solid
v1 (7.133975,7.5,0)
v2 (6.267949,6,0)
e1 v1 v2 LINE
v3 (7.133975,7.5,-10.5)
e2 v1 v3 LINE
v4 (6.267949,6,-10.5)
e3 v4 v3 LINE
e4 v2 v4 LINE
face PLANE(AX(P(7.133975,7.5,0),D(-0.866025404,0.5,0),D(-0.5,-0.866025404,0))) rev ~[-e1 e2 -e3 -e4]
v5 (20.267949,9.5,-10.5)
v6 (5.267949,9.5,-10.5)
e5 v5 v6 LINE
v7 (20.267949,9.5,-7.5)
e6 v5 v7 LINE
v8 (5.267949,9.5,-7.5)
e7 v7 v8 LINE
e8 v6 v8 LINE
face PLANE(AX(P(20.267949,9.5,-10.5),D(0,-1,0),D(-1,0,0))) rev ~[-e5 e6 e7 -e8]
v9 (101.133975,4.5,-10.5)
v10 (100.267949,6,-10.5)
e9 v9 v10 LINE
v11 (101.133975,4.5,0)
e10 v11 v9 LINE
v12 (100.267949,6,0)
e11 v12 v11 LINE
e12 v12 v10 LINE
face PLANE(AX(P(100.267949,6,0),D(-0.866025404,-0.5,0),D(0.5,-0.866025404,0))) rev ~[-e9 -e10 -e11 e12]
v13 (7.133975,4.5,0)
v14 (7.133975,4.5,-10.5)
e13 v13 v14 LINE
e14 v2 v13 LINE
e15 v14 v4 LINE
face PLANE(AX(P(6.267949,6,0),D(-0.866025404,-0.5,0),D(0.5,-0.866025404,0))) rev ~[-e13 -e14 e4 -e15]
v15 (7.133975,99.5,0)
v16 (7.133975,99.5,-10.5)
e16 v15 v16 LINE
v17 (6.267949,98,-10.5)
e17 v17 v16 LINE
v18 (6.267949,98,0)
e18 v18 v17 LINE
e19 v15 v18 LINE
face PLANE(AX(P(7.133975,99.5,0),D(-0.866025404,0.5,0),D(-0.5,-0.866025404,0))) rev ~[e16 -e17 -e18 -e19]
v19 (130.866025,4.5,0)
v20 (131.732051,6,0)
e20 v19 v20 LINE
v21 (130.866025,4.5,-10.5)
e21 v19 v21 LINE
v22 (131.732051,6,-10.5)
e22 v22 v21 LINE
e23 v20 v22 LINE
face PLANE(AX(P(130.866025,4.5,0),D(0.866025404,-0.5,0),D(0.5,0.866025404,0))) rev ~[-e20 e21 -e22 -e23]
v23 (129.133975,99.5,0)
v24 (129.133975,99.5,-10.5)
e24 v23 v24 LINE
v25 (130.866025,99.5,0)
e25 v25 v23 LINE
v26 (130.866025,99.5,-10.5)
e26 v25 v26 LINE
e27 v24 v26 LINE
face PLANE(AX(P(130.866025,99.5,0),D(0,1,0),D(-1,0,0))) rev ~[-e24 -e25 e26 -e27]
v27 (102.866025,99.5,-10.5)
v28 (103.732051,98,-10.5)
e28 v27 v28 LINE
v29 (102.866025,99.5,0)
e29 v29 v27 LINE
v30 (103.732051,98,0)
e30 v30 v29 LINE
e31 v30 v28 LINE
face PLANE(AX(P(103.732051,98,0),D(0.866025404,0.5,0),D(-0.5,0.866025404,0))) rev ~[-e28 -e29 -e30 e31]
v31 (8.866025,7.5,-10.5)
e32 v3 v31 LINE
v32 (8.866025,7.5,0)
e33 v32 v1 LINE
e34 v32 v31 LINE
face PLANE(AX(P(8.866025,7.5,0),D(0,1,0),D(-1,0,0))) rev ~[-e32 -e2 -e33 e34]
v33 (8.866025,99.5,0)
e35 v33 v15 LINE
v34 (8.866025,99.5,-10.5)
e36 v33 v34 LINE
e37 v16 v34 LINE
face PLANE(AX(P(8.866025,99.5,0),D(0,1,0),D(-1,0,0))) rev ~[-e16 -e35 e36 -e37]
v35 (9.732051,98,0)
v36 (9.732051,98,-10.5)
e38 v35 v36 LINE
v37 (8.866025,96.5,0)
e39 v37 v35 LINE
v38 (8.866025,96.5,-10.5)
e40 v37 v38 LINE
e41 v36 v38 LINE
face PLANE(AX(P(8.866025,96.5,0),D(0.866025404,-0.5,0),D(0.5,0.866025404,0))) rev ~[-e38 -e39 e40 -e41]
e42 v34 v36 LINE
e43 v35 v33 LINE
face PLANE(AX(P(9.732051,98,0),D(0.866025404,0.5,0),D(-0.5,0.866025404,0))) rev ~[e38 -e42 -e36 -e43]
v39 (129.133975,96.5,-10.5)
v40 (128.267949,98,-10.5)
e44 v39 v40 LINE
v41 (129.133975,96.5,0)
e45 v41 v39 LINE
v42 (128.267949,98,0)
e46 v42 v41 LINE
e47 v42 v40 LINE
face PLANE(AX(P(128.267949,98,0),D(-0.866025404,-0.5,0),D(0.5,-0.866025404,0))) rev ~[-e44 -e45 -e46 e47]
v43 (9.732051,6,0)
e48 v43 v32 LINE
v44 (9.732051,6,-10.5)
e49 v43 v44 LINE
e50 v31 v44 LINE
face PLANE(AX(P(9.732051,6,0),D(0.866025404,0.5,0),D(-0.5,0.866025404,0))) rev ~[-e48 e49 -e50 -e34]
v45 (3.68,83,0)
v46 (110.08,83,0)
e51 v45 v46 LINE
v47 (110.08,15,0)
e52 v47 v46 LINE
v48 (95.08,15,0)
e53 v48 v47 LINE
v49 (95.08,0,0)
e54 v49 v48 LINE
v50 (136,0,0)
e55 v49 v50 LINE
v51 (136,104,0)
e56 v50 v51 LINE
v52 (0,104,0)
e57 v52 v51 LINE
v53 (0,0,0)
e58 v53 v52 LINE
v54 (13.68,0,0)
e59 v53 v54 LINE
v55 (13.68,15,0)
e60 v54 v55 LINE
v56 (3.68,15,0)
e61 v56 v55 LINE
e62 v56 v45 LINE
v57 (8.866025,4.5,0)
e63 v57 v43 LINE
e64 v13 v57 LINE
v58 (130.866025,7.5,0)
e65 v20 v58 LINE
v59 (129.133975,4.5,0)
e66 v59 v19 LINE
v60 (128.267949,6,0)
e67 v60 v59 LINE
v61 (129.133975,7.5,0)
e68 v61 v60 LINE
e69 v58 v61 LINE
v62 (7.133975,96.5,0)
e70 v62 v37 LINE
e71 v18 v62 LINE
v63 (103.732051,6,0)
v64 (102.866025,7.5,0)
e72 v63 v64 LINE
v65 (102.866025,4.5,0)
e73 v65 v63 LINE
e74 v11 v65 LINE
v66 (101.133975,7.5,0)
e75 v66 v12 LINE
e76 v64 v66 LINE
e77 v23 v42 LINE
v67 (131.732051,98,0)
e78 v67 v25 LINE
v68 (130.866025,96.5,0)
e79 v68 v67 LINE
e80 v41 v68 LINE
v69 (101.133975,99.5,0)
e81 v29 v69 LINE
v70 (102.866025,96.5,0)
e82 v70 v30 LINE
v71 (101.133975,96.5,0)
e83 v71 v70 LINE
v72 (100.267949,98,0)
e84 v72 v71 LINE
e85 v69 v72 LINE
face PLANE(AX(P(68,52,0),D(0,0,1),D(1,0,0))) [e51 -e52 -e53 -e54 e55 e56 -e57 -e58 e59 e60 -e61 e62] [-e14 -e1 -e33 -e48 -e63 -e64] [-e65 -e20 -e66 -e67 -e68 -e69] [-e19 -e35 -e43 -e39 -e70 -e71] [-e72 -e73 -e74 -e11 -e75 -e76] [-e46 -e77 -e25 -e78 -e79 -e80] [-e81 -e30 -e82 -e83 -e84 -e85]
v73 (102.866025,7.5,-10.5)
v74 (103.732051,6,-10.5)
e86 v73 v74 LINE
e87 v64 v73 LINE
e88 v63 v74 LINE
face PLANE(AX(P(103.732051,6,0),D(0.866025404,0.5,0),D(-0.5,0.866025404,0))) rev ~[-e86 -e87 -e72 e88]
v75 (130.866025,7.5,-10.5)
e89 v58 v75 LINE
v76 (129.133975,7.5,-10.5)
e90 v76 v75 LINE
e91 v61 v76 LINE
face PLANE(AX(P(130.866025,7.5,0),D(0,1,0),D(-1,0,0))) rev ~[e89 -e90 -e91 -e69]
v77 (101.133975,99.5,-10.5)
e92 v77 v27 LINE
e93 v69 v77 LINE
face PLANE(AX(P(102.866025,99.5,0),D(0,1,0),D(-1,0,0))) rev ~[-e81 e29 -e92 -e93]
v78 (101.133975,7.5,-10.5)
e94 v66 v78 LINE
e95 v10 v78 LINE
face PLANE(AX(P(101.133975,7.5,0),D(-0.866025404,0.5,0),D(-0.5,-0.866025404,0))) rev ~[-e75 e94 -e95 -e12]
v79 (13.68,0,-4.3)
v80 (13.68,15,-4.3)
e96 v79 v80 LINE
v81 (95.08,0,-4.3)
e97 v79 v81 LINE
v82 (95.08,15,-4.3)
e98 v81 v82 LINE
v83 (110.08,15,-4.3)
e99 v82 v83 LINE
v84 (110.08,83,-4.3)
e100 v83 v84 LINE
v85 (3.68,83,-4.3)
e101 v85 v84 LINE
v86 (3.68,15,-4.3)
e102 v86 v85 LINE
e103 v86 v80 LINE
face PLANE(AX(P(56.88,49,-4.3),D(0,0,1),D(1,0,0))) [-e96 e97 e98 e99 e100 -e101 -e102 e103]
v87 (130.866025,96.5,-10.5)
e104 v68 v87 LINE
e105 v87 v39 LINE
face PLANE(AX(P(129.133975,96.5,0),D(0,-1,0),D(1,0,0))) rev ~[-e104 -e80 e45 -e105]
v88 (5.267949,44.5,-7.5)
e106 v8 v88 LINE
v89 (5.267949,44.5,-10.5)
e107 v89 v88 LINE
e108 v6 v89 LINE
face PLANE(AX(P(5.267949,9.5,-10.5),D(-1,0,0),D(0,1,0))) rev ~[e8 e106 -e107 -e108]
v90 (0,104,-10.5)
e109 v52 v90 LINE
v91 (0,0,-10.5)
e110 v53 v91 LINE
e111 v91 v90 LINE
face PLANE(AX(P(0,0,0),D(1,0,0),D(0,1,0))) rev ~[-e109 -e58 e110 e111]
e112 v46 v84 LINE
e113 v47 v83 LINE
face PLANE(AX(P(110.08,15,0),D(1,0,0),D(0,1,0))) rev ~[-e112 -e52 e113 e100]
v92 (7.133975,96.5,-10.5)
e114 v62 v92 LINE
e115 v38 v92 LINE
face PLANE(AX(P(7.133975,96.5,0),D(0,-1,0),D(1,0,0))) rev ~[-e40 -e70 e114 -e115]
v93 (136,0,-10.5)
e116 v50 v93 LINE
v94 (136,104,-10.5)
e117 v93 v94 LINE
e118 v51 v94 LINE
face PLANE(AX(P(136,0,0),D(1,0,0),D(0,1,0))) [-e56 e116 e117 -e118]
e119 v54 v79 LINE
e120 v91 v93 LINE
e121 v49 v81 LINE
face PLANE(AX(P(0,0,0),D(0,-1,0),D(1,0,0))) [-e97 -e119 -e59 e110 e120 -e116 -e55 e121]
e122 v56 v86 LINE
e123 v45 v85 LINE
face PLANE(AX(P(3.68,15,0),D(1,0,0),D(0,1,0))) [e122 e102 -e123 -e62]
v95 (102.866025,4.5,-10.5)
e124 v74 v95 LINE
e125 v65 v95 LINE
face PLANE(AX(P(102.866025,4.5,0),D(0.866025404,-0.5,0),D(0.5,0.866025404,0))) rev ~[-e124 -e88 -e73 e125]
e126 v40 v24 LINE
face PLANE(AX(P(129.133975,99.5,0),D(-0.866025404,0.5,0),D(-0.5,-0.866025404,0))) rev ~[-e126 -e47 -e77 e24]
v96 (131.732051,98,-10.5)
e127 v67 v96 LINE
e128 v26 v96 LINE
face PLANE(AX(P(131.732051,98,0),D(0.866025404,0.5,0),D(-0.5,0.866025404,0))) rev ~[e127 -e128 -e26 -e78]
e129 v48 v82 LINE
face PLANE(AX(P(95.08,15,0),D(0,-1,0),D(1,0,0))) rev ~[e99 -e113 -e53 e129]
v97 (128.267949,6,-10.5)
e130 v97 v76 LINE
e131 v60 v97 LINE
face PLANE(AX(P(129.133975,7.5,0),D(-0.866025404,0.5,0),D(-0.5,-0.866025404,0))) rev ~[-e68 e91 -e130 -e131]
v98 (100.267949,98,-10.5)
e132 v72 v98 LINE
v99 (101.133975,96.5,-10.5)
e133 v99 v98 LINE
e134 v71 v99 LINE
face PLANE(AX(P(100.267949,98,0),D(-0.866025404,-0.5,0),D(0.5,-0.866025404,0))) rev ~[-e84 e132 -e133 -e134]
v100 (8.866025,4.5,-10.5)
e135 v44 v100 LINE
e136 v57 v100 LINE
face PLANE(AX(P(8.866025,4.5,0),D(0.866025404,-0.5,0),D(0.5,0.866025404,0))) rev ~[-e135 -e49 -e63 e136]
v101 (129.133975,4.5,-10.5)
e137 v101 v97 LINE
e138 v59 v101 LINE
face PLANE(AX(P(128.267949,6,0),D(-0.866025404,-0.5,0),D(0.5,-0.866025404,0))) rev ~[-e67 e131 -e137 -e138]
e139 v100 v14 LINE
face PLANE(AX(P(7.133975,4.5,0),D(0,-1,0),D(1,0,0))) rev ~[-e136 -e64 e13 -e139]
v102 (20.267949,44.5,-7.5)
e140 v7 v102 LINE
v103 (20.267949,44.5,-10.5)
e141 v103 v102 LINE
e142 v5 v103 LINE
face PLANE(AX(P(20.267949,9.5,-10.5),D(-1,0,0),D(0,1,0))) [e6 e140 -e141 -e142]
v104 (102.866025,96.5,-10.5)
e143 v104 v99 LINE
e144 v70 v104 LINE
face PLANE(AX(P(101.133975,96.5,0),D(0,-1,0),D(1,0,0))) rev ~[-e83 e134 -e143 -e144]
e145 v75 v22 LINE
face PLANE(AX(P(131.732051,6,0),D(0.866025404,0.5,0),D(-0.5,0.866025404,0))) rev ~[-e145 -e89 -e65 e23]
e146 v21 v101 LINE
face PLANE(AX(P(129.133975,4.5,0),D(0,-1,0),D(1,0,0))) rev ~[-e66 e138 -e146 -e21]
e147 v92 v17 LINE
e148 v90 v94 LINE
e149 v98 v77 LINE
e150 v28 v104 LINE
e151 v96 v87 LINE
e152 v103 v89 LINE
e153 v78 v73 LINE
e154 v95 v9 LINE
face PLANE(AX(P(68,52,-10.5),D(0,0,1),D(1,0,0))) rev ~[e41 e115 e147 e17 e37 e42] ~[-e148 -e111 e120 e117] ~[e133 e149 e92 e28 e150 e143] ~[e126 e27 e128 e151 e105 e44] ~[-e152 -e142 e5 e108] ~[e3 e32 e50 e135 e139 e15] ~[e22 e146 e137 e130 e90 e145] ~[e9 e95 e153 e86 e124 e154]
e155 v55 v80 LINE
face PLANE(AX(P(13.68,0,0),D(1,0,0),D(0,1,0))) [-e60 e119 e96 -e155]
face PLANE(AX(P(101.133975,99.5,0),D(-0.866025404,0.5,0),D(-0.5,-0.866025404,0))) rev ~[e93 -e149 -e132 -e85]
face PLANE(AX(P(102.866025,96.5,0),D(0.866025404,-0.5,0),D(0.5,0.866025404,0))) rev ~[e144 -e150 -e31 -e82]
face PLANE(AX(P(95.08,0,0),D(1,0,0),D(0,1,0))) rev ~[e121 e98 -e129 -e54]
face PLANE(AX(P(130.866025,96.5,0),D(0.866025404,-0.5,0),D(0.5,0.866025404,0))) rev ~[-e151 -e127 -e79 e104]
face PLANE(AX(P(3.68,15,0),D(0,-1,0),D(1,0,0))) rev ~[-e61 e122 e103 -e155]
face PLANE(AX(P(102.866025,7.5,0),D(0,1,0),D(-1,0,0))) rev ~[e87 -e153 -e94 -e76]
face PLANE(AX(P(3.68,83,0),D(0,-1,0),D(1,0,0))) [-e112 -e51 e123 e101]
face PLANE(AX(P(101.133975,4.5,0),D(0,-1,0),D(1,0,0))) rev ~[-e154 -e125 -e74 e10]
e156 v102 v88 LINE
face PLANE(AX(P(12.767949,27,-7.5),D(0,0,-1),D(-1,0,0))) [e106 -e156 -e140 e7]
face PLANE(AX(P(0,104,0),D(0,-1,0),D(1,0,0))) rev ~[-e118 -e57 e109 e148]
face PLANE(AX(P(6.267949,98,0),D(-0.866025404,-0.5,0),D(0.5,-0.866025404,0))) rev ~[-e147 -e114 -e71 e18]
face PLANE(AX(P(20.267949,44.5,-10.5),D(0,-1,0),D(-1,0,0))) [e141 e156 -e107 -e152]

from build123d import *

# Parameters (mm, degrees)
SKETCH_1_W             = 136
SKETCH_1_H             = 104
EXTRUDE_1_DEPTH        = 10.5
CUT_EXTRUDE_1428_DEPTH = 4.3
CUT_EXTRUDE_1765_REACH = 173.529
SKETCH_4_W             = 15
SKETCH_4_H             = 35
CUT_EXTRUDE_3_DEPTH    = 3


with BuildPart() as part:
    # 草图1 → 凸台-拉伸1 (new body)
    with BuildSketch(Plane.XY):
        with Locations((68, 52)):
            Rectangle(SKETCH_1_W, SKETCH_1_H)
    extrude(amount=-EXTRUDE_1_DEPTH)

    # 草图1<3> → Cut-Extrude 1428 (cut)
    with BuildSketch(Plane.XY):
        Polygon((13.68, 15), (13.68, 0), (95.08, 0), (95.08, 15), (110.08, 15), (110.08, 83), (3.68, 83), (3.68, 15), align=None)
    extrude(amount=-CUT_EXTRUDE_1428_DEPTH, mode=Mode.SUBTRACT)

    # 草图1<5> → Cut-Extrude 1765 (cut, up to next)
    with BuildSketch(Plane.XY, mode=Mode.PRIVATE) as cut_extrude_1765_sk1:
        Polygon((8.866025404, 4.5), (9.732050808, 6), (8.866025404, 7.5), (7.133974596, 7.5), (6.267949192, 6), (7.133974596, 4.5), align=None)
    cut_extrude_1765_tool1 = extrude(cut_extrude_1765_sk1.sketch, amount=-CUT_EXTRUDE_1765_REACH, mode=Mode.PRIVATE) & part.part
    # 草图1<5> → Cut-Extrude 1765 (cut, up to next)
    with BuildSketch(Plane.XY, mode=Mode.PRIVATE) as cut_extrude_1765_sk2:
        Polygon((129.133974596, 7.5), (128.267949192, 6), (129.133974596, 4.5), (130.866025404, 4.5), (131.732050808, 6), (130.866025404, 7.5), align=None)
    cut_extrude_1765_tool2 = extrude(cut_extrude_1765_sk2.sketch, amount=-CUT_EXTRUDE_1765_REACH, mode=Mode.PRIVATE) & part.part
    # 草图1<5> → Cut-Extrude 1765 (cut, up to next)
    with BuildSketch(Plane.XY, mode=Mode.PRIVATE) as cut_extrude_1765_sk3:
        Polygon((130.866025404, 96.5), (131.732050808, 98), (130.866025404, 99.5), (129.133974596, 99.5), (128.267949192, 98), (129.133974596, 96.5), align=None)
    cut_extrude_1765_tool3 = extrude(cut_extrude_1765_sk3.sketch, amount=-CUT_EXTRUDE_1765_REACH, mode=Mode.PRIVATE) & part.part
    # 草图1<5> → Cut-Extrude 1765 (cut, up to next)
    with BuildSketch(Plane.XY, mode=Mode.PRIVATE) as cut_extrude_1765_sk4:
        Polygon((8.866025404, 96.5), (9.732050808, 98), (8.866025404, 99.5), (7.133974596, 99.5), (6.267949192, 98), (7.133974596, 96.5), align=None)
    cut_extrude_1765_tool4 = extrude(cut_extrude_1765_sk4.sketch, amount=-CUT_EXTRUDE_1765_REACH, mode=Mode.PRIVATE) & part.part
    # 草图1<5> → Cut-Extrude 1765 (cut, up to next)
    with BuildSketch(Plane.XY, mode=Mode.PRIVATE) as cut_extrude_1765_sk5:
        Polygon((102.866025404, 99.5), (101.133974596, 99.5), (100.267949192, 98), (101.133974596, 96.5), (102.866025404, 96.5), (103.732050808, 98), align=None)
    cut_extrude_1765_tool5 = extrude(cut_extrude_1765_sk5.sketch, amount=-CUT_EXTRUDE_1765_REACH, mode=Mode.PRIVATE) & part.part
    # 草图1<5> → Cut-Extrude 1765 (cut, up to next)
    with BuildSketch(Plane.XY, mode=Mode.PRIVATE) as cut_extrude_1765_sk6:
        Polygon((102.866025404, 4.5), (103.732050808, 6), (102.866025404, 7.5), (101.133974596, 7.5), (100.267949192, 6), (101.133974596, 4.5), align=None)
    cut_extrude_1765_tool6 = extrude(cut_extrude_1765_sk6.sketch, amount=-CUT_EXTRUDE_1765_REACH, mode=Mode.PRIVATE) & part.part
    add(cut_extrude_1765_tool1.solids().sort_by_distance((8, 6, 0))[0], mode=Mode.SUBTRACT)
    add(cut_extrude_1765_tool2.solids().sort_by_distance((130, 6, 0))[0], mode=Mode.SUBTRACT)
    add(cut_extrude_1765_tool3.solids().sort_by_distance((130, 98, 0))[0], mode=Mode.SUBTRACT)
    add(cut_extrude_1765_tool4.solids().sort_by_distance((8, 98, 0))[0], mode=Mode.SUBTRACT)
    add(cut_extrude_1765_tool5.solids().sort_by_distance((102, 98, 0))[0], mode=Mode.SUBTRACT)
    add(cut_extrude_1765_tool6.solids().sort_by_distance((102, 6, 0))[0], mode=Mode.SUBTRACT)

    # 草图4 → 切除-拉伸3 (cut)
    with BuildSketch(Plane(origin=(0, 0, -10.5), x_dir=(-1, 0, 0), z_dir=(0, 0, -1))):
        with Locations((-12.767949192, 27)):
            Rectangle(SKETCH_4_W, SKETCH_4_H)
    extrude(amount=-CUT_EXTRUDE_3_DEPTH, mode=Mode.SUBTRACT)


solid = part.part
